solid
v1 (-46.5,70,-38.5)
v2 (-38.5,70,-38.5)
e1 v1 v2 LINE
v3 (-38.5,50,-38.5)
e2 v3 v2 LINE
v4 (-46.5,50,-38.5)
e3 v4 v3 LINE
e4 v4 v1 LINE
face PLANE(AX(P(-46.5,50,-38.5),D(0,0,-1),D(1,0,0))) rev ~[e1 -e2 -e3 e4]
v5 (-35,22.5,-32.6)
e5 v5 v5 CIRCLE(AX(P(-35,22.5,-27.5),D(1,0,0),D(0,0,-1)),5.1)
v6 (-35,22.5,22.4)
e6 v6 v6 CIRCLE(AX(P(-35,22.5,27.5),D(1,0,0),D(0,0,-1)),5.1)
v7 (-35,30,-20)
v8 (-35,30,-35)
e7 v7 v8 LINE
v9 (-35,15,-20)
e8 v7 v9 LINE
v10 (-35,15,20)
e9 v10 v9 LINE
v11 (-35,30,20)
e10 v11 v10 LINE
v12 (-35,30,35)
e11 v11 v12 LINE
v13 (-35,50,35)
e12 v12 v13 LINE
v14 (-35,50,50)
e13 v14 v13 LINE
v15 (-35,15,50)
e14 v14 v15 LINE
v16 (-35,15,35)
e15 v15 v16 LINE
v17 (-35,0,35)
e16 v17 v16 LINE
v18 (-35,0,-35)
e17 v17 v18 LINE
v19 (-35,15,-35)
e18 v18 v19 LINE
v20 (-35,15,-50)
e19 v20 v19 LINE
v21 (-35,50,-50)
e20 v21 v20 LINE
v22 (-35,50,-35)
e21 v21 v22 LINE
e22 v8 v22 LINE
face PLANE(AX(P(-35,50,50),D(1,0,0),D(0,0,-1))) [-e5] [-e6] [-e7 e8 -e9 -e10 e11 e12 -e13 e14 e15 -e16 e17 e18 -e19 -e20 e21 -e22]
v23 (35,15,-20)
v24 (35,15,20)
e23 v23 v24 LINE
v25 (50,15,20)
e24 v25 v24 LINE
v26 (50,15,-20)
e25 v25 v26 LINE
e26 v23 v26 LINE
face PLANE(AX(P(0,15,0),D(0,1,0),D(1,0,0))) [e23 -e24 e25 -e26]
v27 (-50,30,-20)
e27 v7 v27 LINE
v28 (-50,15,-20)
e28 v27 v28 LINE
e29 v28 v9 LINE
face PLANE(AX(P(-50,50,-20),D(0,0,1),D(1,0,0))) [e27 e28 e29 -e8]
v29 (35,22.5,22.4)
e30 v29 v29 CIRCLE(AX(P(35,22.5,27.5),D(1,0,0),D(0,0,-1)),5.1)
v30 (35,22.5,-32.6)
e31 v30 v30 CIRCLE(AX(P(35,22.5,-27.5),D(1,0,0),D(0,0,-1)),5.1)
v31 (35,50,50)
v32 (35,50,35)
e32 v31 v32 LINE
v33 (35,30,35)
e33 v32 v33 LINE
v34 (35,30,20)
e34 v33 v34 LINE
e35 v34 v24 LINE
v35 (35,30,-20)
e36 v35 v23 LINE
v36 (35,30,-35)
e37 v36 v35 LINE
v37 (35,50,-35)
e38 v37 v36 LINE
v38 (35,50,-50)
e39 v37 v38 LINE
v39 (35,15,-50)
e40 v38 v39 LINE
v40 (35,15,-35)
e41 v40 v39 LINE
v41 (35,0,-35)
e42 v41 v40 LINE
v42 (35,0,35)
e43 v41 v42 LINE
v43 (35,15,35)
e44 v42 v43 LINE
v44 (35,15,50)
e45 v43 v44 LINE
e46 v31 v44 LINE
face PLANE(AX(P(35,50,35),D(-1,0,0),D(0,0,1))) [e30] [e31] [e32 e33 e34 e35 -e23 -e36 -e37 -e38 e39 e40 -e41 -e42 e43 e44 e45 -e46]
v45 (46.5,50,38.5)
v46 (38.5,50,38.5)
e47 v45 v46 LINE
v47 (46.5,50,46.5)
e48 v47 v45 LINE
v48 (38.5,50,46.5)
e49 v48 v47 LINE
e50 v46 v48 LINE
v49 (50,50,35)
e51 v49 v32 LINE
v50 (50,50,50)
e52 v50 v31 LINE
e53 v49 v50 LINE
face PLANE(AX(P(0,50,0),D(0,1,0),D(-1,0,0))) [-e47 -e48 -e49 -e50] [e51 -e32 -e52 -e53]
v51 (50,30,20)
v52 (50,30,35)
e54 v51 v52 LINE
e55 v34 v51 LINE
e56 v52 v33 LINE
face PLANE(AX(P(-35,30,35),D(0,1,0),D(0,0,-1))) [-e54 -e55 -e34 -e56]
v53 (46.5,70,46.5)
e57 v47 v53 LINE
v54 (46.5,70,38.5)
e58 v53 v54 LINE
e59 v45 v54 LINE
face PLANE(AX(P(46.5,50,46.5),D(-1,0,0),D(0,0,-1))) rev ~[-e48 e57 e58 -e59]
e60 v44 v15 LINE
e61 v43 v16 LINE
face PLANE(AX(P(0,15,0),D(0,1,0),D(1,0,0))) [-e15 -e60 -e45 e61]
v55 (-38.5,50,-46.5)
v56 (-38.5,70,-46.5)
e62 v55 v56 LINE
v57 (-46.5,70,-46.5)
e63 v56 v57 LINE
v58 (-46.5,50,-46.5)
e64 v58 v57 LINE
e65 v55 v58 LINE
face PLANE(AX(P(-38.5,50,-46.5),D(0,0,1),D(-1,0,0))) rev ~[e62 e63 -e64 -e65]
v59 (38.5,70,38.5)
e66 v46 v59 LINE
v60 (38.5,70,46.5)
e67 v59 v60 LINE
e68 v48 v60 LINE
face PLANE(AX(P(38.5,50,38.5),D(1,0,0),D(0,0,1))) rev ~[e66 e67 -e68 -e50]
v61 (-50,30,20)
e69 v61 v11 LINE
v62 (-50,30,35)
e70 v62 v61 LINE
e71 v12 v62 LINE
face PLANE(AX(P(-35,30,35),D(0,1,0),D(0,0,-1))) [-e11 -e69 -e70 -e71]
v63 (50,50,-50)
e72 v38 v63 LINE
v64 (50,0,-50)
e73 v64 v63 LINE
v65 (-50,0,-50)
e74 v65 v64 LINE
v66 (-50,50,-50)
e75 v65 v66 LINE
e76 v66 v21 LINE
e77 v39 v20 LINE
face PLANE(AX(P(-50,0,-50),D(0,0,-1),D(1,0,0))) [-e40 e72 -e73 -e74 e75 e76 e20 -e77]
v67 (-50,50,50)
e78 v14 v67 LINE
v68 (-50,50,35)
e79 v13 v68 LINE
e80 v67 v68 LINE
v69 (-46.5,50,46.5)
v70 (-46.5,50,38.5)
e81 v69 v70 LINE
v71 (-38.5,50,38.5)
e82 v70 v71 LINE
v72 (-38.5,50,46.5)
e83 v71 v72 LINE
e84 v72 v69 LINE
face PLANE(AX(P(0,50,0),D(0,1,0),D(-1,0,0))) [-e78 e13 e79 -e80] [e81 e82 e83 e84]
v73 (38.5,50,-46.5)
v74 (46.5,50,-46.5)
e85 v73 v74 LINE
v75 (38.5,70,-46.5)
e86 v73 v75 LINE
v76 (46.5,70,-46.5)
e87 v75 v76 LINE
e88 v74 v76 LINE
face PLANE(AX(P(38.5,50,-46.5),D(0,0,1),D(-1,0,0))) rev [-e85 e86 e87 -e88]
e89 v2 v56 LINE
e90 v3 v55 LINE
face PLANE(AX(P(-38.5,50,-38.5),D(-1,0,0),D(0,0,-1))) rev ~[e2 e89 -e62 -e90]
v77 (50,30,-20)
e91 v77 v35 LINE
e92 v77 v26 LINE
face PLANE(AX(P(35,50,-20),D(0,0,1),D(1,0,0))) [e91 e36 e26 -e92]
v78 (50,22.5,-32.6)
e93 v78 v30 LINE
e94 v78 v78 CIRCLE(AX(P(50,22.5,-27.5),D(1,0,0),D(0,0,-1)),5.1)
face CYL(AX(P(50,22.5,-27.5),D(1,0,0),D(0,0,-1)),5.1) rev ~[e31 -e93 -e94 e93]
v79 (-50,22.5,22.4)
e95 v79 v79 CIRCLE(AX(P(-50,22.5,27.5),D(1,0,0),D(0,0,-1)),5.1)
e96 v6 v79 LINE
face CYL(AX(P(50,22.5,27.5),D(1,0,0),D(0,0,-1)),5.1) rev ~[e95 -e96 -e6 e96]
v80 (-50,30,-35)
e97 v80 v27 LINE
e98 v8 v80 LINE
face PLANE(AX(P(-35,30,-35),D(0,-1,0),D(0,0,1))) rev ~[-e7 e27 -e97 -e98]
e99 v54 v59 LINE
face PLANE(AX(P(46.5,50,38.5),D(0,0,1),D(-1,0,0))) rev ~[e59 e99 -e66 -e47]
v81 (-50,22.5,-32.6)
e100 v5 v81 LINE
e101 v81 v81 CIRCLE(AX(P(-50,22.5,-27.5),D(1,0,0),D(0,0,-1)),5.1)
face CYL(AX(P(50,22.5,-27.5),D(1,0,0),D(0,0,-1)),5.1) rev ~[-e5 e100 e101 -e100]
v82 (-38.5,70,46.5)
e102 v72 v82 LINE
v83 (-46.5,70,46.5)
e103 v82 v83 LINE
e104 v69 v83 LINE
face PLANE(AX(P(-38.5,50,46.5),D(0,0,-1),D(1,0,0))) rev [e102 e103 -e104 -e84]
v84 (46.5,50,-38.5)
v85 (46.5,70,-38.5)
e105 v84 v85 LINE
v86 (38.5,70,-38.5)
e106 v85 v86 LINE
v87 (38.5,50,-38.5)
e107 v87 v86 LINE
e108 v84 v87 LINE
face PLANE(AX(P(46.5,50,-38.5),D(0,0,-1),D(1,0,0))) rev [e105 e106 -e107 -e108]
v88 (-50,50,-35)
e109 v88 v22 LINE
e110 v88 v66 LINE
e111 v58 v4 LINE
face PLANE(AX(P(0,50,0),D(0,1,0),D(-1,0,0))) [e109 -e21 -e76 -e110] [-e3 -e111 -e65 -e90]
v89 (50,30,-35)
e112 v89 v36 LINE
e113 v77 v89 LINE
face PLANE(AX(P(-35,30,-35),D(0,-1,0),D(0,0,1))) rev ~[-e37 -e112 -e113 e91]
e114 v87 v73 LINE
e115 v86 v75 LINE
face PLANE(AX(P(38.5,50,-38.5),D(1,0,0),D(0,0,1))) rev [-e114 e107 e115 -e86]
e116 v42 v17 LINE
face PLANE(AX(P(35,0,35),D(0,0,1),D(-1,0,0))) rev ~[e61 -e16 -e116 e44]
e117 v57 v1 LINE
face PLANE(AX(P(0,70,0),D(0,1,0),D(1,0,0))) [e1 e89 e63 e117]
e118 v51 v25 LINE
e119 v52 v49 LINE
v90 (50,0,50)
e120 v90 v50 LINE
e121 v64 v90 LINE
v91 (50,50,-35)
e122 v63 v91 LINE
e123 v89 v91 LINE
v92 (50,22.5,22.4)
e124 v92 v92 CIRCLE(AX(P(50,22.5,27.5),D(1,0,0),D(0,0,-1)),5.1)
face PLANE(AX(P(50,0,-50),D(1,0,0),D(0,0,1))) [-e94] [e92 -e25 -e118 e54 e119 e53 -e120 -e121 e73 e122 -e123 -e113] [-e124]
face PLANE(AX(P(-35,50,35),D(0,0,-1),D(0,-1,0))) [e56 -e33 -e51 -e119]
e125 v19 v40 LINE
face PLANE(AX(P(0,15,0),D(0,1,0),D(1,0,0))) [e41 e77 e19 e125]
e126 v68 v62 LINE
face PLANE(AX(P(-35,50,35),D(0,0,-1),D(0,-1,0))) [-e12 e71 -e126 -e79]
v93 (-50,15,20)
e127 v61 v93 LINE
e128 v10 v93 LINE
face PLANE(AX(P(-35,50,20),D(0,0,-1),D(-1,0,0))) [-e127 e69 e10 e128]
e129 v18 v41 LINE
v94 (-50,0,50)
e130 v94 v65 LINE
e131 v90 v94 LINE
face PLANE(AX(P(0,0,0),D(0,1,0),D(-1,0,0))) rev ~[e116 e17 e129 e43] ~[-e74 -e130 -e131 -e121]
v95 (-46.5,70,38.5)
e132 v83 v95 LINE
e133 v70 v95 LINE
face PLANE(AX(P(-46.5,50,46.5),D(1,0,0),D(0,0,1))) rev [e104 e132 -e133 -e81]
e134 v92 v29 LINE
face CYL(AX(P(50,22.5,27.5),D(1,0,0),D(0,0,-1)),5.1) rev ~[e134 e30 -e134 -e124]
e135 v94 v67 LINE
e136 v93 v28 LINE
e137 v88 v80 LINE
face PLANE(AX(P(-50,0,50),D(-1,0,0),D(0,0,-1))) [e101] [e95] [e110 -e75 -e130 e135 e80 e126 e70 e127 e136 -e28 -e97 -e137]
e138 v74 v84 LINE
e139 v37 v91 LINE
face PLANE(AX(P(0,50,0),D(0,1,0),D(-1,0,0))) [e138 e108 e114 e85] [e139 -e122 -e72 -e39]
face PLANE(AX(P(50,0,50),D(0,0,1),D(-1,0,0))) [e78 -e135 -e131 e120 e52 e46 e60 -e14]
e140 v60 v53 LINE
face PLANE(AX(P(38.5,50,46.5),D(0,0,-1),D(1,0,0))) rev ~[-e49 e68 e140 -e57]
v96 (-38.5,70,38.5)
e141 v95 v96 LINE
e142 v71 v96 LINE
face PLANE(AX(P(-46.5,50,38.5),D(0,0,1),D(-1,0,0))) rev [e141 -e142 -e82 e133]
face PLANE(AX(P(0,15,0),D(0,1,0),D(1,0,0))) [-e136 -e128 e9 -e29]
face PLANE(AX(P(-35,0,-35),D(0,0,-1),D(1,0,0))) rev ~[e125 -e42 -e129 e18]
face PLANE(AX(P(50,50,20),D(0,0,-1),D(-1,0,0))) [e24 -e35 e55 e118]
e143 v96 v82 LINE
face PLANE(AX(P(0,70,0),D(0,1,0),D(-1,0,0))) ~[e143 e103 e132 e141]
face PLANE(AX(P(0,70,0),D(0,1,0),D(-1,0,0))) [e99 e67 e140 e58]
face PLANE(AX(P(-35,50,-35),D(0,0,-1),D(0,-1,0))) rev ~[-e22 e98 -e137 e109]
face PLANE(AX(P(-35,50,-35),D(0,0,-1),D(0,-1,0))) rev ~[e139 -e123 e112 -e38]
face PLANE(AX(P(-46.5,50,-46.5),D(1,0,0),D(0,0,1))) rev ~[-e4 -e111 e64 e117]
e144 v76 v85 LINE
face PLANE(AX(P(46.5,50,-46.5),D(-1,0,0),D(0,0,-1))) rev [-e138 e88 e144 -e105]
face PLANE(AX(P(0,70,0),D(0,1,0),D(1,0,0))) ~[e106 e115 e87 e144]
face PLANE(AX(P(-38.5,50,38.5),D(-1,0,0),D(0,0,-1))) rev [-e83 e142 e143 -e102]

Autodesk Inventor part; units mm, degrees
ref_plane "YZ Plane" through (0, 0, 0) normal (1, 0, 0) x (0, 1, 0)
ref_plane "XZ Plane" through (0, 0, 0) normal (0, 1, 0) x (-1, 0, 0)
ref_plane "XY Plane" through (0, 0, 0) normal (0, 0, 1) x (1, 0, 0)
sketch "Эскиз1" plane through (0, 0, 0) normal (0, 1, 0) x (-1, 0, 0)
  line L0 (-50, 50) -> (50, 50)
  line L1 (50, 50) -> (50, -50)
  line L2 (50, -50) -> (-50, -50)
  line L3 (-50, -50) -> (-50, 50)
  line L4 (-50, 50) -> (50, -50) construction
  line L5 (50, 50) -> (-50, -50) construction
  line L6 (-35, 35) -> (35, 35)
  line L7 (35, 35) -> (35, -35)
  line L8 (35, -35) -> (-35, -35)
  line L9 (-35, -35) -> (-35, 35)
  line L10 (-35, 35) -> (35, -35) construction
  line L11 (35, 35) -> (-35, -35) construction
  point P0 (0, 0)
  dimension "d0" = 100
  dimension "d1" = 100
  dimension "d2" = 15
  dimension "d3" = 15
extrude "Выдавливание1" add sketch "Эскиз1" along normal blind 50
sketch "Эскиз3" plane through (0, 50, 0) normal (0, 1, 0) x (1, 0, 0)
  line L0 (-35, 35) -> (-35, -35) projected
  line L1 (-35, 0) -> (-50, 0)
  line L2 (-50, -50) -> (-50, 50) projected
  line L3 (35, -35) -> (35, 35) projected
  line L4 (35, 0) -> (50, 0)
  line L5 (50, 50) -> (50, -50) projected
  line L6 (-35, -20) -> (-50, -20)
  line L7 (-50, -20) -> (-50, 20)
  line L8 (-50, 20) -> (-35, 20)
  line L9 (-35, 20) -> (-35, -20)
  line L10 (-35, -20) -> (-50, 20) construction
  line L11 (-50, -20) -> (-35, 20) construction
  line L12 (50, -20) -> (35, -20)
  line L13 (35, -20) -> (35, 20)
  line L14 (35, 20) -> (50, 20)
  line L15 (50, 20) -> (50, -20)
  line L16 (50, -20) -> (35, 20) construction
  line L17 (35, -20) -> (50, 20) construction
  line L18 (-35, -35) -> (35, -35) projected
  line L19 (0, -35) -> (0, -50)
  line L20 (50, -50) -> (-50, -50) projected
  line L21 (35, 35) -> (-35, 35) projected
  line L22 (0, 35) -> (0, 50)
  line L23 (-50, 50) -> (50, 50) projected
  line L24 (35, -50) -> (-35, -50)
  line L25 (-35, -50) -> (-35, -35)
  line L26 (-35, -35) -> (35, -35)
  line L27 (35, -35) -> (35, -50)
  line L28 (35, -50) -> (-35, -35) construction
  line L29 (-35, -50) -> (35, -35) construction
  line L30 (35, 50) -> (-35, 50)
  line L31 (-35, 50) -> (-35, 35)
  line L32 (-35, 35) -> (35, 35)
  line L33 (35, 35) -> (35, 50)
  line L34 (35, 50) -> (-35, 35) construction
  line L35 (-35, 50) -> (35, 35) construction
  point P0 (0, 0)
  point P1 (-42.5, 0)
  point P2 (42.5, 0)
  point P3 (0, -42.5)
  point P4 (0, 42.5)
  dimension "d14" = 40
  dimension "d15" = 40
extrude "Выдавливание2" cut sketch "Эскиз3" against normal blind 35 contours L31 L23 L22 L21 | L0 L1 L2 L8 | L22 L23 L33 L21 | L0 L6 L2 L1 | L14 L5 L4 L3 | L18 L19 L20 L25 | L4 L5 L12 L3 | L18 L27 L20 L19
sketch "Эскиз4" plane through (-35, 0, 35) normal (1, 0, 0) x (0, 0, -1)
  line L0 (15, 15) -> (15, 50) projected
  line L1 (15, 50) -> (0, 50)
  line L2 (0, 50) -> (0, 30)
  line L3 (0, 30) -> (15, 30)
  line L4 (15, 30) -> (15, 50)
  line L5 (85, 50) -> (55, 50) projected
  line L6 (55, 50) -> (70, 50)
  line L7 (70, 50) -> (70, 30)
  line L8 (70, 30) -> (55, 30)
  line L9 (55, 30) -> (55, 50)
  point P0 (35, 0)
  dimension "d18" = 15
  dimension "d19" = 20
  dimension "d20" = 15
  dimension "d21" = 20
extrude "Выдавливание3" cut sketch "Эскиз4" along normal blind 90.5 and the other way blind 45.25
sketch "Эскиз5" plane through (50, 0, 50) normal (1, 0, 0) x (0, 0, -1)
  circle A0 centre (22.5, 22.5) radius 5.1
  circle A1 centre (77.5, 22.5) radius 5.1
  line L0 (85, 30) -> (70, 30) projected
  line L1 (70, 30) -> (70, 15) projected
  line L2 (30, 15) -> (30, 30) projected
  line L3 (30, 30) -> (15, 30) projected
  point P0 (50, 0)
  dimension "d26" = 10.2
  dimension "d27" = 10.2
  dimension "d28" = 7.5
  dimension "d29" = 7.5
  dimension "d30" = 7.5
  dimension "d31" = 7.5
extrude "Выдавливание4" cut sketch "Эскиз5" against normal blind 156
sketch "Эскиз6" plane through (0, 50, 0) normal (0, 1, 0) x (1, 0, 0)
  line L0 (-35, 35) -> (-50, 35) projected
  line L1 (-50, 50) -> (50, 50) projected
  line L2 (-38.5, 46.5) -> (-46.5, 46.5)
  line L3 (-46.5, 46.5) -> (-46.5, 38.5)
  line L4 (-46.5, 38.5) -> (-38.5, 38.5)
  line L5 (-38.5, 38.5) -> (-38.5, 46.5)
  line L6 (-38.5, 46.5) -> (-46.5, 38.5) construction
  line L7 (-46.5, 46.5) -> (-38.5, 38.5) construction
  line L8 (-50, 50) -> (-50, 35) projected
  point P0 (0, 0)
  point P1 (-42.5, 42.5)
  dimension "d34" = 8
  dimension "d35" = 8
  dimension "d41" = 7.5
  dimension "d42" = 7.5
extrude "Выдавливание5" add sketch "Эскиз6" along normal blind 20
mirror "Mirror1" about plane through (0, 0, 0) normal (1, 0, 0) of "Выдавливание5"
mirror "Mirror2" about plane through (0, 0, 0) normal (0, 0, 1) of "Выдавливание5", "Mirror1"
properties part number "000.113 - Верх центрального сегмента"
